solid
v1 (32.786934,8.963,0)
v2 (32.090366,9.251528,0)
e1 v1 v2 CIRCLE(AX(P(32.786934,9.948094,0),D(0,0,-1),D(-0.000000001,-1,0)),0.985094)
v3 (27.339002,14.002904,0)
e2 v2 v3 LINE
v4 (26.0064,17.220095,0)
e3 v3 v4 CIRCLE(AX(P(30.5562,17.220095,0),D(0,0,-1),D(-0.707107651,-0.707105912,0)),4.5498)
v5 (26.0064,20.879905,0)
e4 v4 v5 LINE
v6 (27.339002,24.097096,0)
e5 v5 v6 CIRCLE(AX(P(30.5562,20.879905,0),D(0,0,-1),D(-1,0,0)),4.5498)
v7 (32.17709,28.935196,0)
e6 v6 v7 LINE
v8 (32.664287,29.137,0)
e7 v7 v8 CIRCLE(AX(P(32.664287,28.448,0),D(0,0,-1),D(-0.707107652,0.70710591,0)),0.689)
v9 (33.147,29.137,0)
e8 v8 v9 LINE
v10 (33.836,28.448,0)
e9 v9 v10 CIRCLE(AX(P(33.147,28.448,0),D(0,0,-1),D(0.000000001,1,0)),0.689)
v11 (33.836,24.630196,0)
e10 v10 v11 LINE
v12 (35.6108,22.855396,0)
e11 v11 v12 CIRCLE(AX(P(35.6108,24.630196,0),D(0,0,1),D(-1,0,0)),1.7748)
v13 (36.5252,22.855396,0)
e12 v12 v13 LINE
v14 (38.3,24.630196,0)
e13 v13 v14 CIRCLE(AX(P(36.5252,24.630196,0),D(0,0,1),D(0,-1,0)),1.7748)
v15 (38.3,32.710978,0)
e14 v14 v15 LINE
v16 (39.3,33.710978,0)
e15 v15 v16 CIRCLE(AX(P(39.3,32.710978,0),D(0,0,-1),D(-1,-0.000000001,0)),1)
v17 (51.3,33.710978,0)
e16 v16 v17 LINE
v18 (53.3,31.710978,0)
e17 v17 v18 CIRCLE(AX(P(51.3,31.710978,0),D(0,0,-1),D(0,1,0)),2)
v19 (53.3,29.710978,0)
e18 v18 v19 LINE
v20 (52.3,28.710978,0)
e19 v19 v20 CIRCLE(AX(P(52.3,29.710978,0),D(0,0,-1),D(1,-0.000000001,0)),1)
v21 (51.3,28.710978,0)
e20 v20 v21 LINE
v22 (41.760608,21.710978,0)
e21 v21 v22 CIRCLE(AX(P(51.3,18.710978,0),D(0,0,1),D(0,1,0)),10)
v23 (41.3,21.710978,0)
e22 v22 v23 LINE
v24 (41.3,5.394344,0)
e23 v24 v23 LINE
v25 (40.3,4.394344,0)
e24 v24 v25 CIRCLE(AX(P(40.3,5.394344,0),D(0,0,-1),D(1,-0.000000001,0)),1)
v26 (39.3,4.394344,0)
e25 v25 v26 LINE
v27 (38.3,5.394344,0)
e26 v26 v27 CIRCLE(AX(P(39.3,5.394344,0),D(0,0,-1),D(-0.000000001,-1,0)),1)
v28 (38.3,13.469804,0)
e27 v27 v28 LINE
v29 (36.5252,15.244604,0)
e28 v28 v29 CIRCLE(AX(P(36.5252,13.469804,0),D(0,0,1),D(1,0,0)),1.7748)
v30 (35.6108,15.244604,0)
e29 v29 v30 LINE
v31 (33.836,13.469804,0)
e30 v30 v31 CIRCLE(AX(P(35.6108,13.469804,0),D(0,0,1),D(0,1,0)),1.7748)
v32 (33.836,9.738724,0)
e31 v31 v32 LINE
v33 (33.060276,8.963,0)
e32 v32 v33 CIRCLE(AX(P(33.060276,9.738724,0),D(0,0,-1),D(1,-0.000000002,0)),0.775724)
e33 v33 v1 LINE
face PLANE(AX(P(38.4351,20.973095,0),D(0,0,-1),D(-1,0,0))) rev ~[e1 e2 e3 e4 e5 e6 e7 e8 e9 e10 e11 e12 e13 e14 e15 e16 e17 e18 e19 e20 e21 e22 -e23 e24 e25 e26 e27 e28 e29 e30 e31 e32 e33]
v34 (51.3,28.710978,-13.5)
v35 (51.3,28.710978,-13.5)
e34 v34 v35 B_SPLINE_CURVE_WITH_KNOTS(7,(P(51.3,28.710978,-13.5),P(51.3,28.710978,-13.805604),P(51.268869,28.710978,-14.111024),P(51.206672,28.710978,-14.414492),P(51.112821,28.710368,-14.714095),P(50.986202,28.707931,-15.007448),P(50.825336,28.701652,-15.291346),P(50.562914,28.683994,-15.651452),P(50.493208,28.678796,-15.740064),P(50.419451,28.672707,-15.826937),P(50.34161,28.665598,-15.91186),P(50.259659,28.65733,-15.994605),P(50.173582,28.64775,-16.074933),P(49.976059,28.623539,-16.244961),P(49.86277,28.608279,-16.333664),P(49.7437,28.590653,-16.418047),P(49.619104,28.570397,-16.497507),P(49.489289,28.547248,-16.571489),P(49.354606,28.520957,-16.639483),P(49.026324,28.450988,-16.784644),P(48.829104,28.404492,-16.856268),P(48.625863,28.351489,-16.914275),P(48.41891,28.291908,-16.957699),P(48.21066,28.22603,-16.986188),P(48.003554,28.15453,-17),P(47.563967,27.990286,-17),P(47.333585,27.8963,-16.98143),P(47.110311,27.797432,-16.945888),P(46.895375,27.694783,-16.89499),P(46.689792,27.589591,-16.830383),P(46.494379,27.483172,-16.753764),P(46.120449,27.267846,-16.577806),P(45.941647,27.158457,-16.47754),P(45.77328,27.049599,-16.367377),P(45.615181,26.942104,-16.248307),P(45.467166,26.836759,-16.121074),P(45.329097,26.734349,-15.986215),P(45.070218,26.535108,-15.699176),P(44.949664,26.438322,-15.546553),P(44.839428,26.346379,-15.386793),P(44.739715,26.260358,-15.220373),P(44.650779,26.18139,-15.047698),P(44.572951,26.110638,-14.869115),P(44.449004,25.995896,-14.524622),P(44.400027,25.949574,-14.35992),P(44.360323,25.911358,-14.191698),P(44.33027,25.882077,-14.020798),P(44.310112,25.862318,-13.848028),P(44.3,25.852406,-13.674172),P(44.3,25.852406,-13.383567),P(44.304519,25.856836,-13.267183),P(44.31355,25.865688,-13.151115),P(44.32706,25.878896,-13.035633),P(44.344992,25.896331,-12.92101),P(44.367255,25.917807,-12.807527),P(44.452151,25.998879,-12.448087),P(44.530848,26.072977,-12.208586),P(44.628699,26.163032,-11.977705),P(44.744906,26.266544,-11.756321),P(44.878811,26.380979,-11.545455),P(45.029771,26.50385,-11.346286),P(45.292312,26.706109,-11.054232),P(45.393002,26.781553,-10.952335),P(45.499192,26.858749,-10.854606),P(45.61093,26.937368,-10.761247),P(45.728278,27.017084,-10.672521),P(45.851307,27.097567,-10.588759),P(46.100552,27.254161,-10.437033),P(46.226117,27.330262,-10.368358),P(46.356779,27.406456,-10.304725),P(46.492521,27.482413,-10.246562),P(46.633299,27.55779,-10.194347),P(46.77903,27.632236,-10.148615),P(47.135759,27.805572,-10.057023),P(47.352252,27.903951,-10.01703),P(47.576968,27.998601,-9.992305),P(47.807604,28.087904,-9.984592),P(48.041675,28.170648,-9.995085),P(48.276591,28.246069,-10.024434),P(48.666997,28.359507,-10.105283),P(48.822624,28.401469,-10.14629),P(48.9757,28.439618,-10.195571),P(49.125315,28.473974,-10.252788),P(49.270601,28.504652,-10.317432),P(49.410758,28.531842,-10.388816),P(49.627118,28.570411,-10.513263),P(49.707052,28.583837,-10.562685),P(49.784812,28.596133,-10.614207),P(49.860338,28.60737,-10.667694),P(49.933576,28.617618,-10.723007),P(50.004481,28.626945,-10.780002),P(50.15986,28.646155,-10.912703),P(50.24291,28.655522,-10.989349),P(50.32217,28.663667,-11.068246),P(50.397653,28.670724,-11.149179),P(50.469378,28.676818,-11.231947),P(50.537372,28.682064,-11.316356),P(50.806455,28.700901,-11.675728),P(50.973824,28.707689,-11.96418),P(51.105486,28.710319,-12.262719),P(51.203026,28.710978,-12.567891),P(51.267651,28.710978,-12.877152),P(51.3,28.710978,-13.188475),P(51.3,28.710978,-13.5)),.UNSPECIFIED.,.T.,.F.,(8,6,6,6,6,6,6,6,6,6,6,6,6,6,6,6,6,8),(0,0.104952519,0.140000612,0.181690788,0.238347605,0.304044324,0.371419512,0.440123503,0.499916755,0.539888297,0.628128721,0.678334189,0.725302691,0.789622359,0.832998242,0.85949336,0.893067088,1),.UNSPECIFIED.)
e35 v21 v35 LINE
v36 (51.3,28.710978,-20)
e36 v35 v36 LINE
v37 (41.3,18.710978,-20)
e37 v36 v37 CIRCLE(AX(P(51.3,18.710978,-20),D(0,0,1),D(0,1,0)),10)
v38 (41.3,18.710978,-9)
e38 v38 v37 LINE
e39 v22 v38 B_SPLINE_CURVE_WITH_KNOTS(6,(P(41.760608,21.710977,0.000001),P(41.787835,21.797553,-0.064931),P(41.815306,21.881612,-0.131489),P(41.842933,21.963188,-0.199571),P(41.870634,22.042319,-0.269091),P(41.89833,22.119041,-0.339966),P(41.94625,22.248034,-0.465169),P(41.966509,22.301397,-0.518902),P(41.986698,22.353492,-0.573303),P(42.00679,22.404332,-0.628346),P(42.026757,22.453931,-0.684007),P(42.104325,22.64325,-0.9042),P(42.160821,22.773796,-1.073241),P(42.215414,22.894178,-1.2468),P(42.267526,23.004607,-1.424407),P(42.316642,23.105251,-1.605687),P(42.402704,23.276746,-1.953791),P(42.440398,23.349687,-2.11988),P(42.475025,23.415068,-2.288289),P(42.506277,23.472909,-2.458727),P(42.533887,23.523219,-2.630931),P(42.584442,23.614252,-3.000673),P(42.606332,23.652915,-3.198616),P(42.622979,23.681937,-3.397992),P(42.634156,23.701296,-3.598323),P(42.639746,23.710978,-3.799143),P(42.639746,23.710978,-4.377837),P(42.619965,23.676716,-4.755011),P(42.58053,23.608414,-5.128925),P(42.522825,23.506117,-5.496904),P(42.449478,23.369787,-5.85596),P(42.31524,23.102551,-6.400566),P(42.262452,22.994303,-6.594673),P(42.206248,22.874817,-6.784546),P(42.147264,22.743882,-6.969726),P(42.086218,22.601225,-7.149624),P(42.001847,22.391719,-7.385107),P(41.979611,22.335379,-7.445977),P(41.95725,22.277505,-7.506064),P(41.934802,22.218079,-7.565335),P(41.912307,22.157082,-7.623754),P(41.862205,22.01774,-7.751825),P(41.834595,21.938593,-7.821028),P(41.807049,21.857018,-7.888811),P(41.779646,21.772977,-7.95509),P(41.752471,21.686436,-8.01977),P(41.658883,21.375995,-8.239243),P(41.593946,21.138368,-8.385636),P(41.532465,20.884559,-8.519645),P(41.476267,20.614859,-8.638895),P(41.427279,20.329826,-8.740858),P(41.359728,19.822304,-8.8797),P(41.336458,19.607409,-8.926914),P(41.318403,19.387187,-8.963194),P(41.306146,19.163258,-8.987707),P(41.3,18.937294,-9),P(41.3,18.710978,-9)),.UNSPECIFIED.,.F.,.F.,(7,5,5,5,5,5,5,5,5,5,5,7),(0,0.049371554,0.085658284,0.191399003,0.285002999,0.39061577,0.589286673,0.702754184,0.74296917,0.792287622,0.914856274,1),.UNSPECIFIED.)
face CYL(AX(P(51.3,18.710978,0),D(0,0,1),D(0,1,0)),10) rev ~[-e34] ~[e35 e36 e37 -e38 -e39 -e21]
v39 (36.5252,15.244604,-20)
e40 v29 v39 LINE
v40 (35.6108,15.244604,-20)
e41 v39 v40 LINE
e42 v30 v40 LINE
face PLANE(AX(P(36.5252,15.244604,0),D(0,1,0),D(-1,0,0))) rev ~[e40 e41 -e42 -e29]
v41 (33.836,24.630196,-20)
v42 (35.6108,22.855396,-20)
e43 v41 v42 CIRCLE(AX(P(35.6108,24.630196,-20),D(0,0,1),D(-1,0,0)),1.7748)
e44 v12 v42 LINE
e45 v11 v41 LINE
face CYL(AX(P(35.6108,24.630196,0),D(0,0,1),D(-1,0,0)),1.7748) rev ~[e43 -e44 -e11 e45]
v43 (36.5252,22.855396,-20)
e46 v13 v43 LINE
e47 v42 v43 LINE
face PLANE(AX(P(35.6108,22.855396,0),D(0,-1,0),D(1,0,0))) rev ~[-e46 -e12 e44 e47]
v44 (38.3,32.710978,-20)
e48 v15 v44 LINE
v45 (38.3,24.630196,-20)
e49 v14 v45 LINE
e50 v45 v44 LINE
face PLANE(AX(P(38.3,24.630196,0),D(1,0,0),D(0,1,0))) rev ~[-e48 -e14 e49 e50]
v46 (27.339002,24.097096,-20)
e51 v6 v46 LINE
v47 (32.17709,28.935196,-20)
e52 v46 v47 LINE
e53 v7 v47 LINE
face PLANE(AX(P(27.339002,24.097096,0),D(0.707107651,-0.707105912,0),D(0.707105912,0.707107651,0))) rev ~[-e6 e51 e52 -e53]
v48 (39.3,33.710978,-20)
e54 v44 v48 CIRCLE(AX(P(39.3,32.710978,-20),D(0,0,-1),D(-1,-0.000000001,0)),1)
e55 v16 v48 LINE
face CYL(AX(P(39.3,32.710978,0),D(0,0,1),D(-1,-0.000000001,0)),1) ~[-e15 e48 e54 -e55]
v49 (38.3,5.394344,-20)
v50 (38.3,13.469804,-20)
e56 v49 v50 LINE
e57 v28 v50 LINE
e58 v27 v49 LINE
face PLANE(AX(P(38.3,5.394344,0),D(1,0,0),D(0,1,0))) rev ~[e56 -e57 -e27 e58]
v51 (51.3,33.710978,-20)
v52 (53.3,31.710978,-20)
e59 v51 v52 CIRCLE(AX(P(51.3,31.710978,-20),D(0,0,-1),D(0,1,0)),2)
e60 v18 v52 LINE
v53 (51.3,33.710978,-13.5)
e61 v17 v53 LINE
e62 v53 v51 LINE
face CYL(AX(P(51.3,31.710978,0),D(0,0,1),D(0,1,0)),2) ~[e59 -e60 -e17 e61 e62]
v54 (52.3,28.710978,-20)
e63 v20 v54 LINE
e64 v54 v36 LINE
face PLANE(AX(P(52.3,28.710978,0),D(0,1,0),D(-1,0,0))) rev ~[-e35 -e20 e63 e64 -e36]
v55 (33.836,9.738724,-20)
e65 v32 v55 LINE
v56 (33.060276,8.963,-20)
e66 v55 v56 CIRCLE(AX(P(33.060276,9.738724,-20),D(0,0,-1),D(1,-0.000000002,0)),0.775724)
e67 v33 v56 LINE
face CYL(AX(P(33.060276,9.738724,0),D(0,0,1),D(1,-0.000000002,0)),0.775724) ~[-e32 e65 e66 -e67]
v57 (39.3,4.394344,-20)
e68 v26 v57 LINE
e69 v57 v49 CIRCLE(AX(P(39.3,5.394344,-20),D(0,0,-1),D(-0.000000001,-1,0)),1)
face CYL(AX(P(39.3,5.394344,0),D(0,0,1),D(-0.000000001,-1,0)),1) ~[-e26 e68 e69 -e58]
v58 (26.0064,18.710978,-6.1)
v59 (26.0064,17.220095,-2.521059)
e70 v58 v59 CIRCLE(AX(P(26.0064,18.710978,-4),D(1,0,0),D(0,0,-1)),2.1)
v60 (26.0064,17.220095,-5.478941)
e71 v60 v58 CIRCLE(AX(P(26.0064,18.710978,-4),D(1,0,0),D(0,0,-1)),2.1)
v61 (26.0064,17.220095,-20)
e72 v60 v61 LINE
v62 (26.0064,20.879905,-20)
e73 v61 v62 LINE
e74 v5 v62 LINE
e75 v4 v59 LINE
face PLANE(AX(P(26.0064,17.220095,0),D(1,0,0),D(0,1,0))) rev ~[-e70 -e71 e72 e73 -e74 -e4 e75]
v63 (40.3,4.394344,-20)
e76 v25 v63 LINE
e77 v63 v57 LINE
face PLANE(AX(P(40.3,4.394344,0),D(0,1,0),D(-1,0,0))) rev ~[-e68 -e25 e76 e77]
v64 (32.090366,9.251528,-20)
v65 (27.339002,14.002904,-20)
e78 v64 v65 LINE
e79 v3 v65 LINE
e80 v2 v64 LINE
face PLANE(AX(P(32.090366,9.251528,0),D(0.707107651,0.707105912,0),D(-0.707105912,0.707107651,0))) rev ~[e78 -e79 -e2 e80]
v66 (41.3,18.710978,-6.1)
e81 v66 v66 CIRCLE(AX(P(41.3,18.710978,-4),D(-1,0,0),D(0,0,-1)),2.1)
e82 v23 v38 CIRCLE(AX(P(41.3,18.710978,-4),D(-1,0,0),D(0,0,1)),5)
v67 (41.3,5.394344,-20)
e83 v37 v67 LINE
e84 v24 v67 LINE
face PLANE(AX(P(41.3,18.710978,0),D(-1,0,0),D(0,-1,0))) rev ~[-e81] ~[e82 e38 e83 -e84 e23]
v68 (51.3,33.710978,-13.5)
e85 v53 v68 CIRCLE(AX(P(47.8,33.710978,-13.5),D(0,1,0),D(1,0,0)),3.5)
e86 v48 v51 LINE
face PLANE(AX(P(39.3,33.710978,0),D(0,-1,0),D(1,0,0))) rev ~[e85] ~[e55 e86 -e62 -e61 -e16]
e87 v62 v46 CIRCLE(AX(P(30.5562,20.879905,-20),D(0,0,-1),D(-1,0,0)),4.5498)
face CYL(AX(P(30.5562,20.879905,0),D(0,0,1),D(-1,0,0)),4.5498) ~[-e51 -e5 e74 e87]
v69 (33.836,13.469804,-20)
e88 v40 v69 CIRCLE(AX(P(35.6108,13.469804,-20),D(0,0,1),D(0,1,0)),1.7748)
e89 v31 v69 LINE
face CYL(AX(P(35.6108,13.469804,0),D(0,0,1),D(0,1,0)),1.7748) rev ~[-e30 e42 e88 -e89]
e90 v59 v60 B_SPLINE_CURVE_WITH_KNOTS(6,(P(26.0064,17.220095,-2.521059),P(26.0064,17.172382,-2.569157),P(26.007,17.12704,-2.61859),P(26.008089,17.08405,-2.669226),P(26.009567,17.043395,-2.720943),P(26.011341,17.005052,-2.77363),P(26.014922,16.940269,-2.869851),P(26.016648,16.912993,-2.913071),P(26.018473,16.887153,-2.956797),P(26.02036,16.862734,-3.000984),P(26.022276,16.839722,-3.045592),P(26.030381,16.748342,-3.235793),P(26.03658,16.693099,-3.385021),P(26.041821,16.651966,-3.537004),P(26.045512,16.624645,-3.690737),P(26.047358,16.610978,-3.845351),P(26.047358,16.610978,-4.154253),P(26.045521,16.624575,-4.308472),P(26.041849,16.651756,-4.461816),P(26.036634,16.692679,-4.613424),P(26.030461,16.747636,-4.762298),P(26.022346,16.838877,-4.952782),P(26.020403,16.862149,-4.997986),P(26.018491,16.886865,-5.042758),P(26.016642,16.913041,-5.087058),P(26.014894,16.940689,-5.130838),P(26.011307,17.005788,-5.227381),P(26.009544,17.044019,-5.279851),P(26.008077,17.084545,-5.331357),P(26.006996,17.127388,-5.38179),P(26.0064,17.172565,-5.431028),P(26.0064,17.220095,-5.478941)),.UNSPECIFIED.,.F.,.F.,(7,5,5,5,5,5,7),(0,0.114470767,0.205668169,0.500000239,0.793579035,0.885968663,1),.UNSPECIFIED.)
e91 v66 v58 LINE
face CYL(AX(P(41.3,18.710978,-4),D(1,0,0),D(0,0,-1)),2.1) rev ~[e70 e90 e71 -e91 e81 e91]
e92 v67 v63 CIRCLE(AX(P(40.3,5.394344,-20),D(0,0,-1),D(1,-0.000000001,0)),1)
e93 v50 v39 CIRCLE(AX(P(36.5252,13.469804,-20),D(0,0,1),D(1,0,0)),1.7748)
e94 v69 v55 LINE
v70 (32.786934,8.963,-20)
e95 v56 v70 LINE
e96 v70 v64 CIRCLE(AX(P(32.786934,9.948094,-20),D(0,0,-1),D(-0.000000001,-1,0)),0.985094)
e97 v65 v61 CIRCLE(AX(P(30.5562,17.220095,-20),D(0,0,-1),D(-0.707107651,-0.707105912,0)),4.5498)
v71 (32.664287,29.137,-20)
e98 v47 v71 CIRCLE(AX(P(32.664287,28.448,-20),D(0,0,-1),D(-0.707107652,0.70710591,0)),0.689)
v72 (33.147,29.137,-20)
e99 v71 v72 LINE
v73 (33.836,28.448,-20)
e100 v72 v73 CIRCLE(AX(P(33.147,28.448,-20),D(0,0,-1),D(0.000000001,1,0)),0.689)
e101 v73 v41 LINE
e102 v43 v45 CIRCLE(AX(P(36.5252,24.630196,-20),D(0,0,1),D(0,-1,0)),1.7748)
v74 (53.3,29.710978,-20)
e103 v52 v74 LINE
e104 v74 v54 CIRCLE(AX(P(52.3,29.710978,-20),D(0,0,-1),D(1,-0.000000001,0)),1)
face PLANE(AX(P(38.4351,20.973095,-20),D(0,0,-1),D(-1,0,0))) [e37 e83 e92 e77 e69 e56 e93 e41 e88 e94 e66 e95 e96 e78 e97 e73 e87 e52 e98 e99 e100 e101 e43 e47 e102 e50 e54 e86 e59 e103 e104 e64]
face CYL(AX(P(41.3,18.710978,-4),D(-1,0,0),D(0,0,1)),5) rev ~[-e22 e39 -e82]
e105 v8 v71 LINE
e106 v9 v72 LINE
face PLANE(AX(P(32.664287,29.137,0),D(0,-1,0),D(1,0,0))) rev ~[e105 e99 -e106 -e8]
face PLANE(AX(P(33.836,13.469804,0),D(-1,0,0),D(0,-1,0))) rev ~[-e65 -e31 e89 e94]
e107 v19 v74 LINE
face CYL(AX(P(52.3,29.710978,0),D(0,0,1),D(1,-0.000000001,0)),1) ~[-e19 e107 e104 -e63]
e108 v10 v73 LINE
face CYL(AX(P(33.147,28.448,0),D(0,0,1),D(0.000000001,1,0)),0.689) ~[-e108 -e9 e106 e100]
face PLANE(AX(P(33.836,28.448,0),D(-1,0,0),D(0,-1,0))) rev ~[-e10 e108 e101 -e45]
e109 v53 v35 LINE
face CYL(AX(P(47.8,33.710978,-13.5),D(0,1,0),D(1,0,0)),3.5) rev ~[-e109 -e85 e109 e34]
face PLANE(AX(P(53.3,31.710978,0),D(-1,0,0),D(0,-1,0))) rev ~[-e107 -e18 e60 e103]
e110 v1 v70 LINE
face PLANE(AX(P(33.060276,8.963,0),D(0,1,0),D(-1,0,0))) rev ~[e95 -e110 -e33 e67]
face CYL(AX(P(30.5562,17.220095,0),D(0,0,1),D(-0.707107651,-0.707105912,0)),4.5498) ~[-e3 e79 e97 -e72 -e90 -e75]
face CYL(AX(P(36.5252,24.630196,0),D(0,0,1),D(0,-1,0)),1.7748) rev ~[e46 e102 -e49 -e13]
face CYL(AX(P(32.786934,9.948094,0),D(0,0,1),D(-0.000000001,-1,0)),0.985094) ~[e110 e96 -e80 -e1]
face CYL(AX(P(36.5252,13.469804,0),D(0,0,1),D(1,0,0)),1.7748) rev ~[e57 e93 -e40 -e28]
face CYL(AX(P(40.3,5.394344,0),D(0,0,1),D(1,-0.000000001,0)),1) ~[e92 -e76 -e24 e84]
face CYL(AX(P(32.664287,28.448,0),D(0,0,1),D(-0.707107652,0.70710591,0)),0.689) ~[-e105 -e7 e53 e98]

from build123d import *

# Parameters (mm, degrees)
BOSS_EXTRUDE1_DEPTH = 20
SKETCH2_R           = 3.5
CUT_EXTRUDE1_DEPTH  = 65.034014806
SKETCH3_R           = 2.1
CUT_EXTRUDE2_DEPTH  = 43.075221337
SKETCH4_R           = 5
CUT_EXTRUDE3_DEPTH  = 20


with BuildPart() as part:
    # Sketch1 → Boss-Extrude1 (new body)
    with BuildSketch(Plane.XY):
        with BuildLine():
            Line((38.3, 9.881410941), (38.3, 10.745623604))
            Line((38.3, 10.745623604), (38.3, 13.469803951))
            ThreePointArc((38.3, 13.469803951), (37.780173115, 14.724777066), (36.5252, 15.244603951))
            Line((36.5252, 15.244603951), (35.610800366, 15.244603951))
            ThreePointArc((35.610800366, 15.244603951), (34.355826992, 14.724776959), (33.836, 13.469803585))
            Line((33.836, 13.469803585), (33.836, 9.738724213))
            ThreePointArc((33.836, 9.738724213), (33.608795638, 9.190204362), (33.060275787, 8.963))
            Line((33.060275787, 8.963), (32.786933649, 8.963))
            ThreePointArc((32.786933649, 8.963), (32.409953896, 9.037986056), (32.090366071, 9.25152824))
            Line((32.090366071, 9.25152824), (27.33900161, 14.002904388))
            ThreePointArc((27.33900161, 14.002904388), (26.352731832, 15.478964368), (26.0064, 17.220094864))
            Line((26.0064, 17.220094864), (26.0064, 20.879905136))
            ThreePointArc((26.0064, 20.879905136), (26.352731832, 22.621035632), (27.33900161, 24.097095612))
            Line((27.33900161, 24.097095612), (32.177090071, 28.935195973))
            ThreePointArc((32.177090071, 28.935195973), (32.400617966, 29.084552836), (32.664287242, 29.137))
            Line((32.664287242, 29.137), (33.147, 29.137))
            ThreePointArc((33.147, 29.137), (33.634196572, 28.935196572), (33.836, 28.448))
            Line((33.836, 28.448), (33.836, 24.630196049))
            ThreePointArc((33.836, 24.630196049), (34.355826885, 23.375222934), (35.6108, 22.855396049))
            Line((35.6108, 22.855396049), (36.525200183, 22.855396049))
            ThreePointArc((36.525200183, 22.855396049), (37.780173169, 23.37522288), (38.3, 24.630195866))
            Line((38.3, 24.630195866), (38.3, 27.353495632))
            Line((38.3, 27.353495632), (38.3, 28.215588568))
            Line((38.3, 28.215588568), (38.3, 32.710978016))
            ThreePointArc((38.3, 32.710978016), (38.592893219, 33.418084798), (39.3, 33.710978016))
            Line((39.3, 33.710978016), (41.3, 33.710978016))
            Line((41.3, 33.710978016), (51.3, 33.710978016))
            ThreePointArc((51.3, 33.710978016), (52.714213562, 33.125191579), (53.3, 31.710978016))
            Line((53.3, 31.710978016), (53.3, 29.710978016))
            ThreePointArc((53.3, 29.710978016), (53.007106781, 29.003871235), (52.3, 28.710978016))
            Line((52.3, 28.710978016), (51.3, 28.710978016))
            ThreePointArc((51.3, 28.710978016), (44.228932188, 25.782045828), (41.3, 18.710978016))
            Line((41.3, 18.710978016), (41.3, 5.394343623))
            ThreePointArc((41.3, 5.394343623), (41.007106781, 4.687236842), (40.3, 4.394343623))
            Line((40.3, 4.394343623), (39.3, 4.394343623))
            ThreePointArc((39.3, 4.394343623), (38.592893219, 4.687236842), (38.3, 5.394343623))
            Line((38.3, 5.394343623), (38.3, 9.881410941))
        make_face()
    extrude(amount=-BOSS_EXTRUDE1_DEPTH)

    # Sketch2 → Cut-Extrude1 (cut, through all)
    with BuildSketch(Plane(origin=(0, 33.710978016, 0), x_dir=(1, 0, 0), z_dir=(0, 1, 0))):
        with Locations((47.8, 13.5)):
            Circle(SKETCH2_R)
    extrude(amount=-CUT_EXTRUDE1_DEPTH, mode=Mode.SUBTRACT)

    # Sketch3 → Cut-Extrude2 (cut, through all)
    with BuildSketch(Plane(origin=(41.3, 0, 0), x_dir=(0, 0, -1), z_dir=(1, 0, 0))):
        with Locations((4, 18.710978016)):
            Circle(SKETCH3_R)
    extrude(amount=-CUT_EXTRUDE2_DEPTH, mode=Mode.SUBTRACT)

    # Sketch4 → Cut-Extrude3 (cut)
    with BuildSketch(Plane.ZY.offset(-41.3)):
        with Locations((-4, 18.710978016)):
            Circle(SKETCH4_R)
    extrude(amount=-CUT_EXTRUDE3_DEPTH, mode=Mode.SUBTRACT)


solid = part.part
